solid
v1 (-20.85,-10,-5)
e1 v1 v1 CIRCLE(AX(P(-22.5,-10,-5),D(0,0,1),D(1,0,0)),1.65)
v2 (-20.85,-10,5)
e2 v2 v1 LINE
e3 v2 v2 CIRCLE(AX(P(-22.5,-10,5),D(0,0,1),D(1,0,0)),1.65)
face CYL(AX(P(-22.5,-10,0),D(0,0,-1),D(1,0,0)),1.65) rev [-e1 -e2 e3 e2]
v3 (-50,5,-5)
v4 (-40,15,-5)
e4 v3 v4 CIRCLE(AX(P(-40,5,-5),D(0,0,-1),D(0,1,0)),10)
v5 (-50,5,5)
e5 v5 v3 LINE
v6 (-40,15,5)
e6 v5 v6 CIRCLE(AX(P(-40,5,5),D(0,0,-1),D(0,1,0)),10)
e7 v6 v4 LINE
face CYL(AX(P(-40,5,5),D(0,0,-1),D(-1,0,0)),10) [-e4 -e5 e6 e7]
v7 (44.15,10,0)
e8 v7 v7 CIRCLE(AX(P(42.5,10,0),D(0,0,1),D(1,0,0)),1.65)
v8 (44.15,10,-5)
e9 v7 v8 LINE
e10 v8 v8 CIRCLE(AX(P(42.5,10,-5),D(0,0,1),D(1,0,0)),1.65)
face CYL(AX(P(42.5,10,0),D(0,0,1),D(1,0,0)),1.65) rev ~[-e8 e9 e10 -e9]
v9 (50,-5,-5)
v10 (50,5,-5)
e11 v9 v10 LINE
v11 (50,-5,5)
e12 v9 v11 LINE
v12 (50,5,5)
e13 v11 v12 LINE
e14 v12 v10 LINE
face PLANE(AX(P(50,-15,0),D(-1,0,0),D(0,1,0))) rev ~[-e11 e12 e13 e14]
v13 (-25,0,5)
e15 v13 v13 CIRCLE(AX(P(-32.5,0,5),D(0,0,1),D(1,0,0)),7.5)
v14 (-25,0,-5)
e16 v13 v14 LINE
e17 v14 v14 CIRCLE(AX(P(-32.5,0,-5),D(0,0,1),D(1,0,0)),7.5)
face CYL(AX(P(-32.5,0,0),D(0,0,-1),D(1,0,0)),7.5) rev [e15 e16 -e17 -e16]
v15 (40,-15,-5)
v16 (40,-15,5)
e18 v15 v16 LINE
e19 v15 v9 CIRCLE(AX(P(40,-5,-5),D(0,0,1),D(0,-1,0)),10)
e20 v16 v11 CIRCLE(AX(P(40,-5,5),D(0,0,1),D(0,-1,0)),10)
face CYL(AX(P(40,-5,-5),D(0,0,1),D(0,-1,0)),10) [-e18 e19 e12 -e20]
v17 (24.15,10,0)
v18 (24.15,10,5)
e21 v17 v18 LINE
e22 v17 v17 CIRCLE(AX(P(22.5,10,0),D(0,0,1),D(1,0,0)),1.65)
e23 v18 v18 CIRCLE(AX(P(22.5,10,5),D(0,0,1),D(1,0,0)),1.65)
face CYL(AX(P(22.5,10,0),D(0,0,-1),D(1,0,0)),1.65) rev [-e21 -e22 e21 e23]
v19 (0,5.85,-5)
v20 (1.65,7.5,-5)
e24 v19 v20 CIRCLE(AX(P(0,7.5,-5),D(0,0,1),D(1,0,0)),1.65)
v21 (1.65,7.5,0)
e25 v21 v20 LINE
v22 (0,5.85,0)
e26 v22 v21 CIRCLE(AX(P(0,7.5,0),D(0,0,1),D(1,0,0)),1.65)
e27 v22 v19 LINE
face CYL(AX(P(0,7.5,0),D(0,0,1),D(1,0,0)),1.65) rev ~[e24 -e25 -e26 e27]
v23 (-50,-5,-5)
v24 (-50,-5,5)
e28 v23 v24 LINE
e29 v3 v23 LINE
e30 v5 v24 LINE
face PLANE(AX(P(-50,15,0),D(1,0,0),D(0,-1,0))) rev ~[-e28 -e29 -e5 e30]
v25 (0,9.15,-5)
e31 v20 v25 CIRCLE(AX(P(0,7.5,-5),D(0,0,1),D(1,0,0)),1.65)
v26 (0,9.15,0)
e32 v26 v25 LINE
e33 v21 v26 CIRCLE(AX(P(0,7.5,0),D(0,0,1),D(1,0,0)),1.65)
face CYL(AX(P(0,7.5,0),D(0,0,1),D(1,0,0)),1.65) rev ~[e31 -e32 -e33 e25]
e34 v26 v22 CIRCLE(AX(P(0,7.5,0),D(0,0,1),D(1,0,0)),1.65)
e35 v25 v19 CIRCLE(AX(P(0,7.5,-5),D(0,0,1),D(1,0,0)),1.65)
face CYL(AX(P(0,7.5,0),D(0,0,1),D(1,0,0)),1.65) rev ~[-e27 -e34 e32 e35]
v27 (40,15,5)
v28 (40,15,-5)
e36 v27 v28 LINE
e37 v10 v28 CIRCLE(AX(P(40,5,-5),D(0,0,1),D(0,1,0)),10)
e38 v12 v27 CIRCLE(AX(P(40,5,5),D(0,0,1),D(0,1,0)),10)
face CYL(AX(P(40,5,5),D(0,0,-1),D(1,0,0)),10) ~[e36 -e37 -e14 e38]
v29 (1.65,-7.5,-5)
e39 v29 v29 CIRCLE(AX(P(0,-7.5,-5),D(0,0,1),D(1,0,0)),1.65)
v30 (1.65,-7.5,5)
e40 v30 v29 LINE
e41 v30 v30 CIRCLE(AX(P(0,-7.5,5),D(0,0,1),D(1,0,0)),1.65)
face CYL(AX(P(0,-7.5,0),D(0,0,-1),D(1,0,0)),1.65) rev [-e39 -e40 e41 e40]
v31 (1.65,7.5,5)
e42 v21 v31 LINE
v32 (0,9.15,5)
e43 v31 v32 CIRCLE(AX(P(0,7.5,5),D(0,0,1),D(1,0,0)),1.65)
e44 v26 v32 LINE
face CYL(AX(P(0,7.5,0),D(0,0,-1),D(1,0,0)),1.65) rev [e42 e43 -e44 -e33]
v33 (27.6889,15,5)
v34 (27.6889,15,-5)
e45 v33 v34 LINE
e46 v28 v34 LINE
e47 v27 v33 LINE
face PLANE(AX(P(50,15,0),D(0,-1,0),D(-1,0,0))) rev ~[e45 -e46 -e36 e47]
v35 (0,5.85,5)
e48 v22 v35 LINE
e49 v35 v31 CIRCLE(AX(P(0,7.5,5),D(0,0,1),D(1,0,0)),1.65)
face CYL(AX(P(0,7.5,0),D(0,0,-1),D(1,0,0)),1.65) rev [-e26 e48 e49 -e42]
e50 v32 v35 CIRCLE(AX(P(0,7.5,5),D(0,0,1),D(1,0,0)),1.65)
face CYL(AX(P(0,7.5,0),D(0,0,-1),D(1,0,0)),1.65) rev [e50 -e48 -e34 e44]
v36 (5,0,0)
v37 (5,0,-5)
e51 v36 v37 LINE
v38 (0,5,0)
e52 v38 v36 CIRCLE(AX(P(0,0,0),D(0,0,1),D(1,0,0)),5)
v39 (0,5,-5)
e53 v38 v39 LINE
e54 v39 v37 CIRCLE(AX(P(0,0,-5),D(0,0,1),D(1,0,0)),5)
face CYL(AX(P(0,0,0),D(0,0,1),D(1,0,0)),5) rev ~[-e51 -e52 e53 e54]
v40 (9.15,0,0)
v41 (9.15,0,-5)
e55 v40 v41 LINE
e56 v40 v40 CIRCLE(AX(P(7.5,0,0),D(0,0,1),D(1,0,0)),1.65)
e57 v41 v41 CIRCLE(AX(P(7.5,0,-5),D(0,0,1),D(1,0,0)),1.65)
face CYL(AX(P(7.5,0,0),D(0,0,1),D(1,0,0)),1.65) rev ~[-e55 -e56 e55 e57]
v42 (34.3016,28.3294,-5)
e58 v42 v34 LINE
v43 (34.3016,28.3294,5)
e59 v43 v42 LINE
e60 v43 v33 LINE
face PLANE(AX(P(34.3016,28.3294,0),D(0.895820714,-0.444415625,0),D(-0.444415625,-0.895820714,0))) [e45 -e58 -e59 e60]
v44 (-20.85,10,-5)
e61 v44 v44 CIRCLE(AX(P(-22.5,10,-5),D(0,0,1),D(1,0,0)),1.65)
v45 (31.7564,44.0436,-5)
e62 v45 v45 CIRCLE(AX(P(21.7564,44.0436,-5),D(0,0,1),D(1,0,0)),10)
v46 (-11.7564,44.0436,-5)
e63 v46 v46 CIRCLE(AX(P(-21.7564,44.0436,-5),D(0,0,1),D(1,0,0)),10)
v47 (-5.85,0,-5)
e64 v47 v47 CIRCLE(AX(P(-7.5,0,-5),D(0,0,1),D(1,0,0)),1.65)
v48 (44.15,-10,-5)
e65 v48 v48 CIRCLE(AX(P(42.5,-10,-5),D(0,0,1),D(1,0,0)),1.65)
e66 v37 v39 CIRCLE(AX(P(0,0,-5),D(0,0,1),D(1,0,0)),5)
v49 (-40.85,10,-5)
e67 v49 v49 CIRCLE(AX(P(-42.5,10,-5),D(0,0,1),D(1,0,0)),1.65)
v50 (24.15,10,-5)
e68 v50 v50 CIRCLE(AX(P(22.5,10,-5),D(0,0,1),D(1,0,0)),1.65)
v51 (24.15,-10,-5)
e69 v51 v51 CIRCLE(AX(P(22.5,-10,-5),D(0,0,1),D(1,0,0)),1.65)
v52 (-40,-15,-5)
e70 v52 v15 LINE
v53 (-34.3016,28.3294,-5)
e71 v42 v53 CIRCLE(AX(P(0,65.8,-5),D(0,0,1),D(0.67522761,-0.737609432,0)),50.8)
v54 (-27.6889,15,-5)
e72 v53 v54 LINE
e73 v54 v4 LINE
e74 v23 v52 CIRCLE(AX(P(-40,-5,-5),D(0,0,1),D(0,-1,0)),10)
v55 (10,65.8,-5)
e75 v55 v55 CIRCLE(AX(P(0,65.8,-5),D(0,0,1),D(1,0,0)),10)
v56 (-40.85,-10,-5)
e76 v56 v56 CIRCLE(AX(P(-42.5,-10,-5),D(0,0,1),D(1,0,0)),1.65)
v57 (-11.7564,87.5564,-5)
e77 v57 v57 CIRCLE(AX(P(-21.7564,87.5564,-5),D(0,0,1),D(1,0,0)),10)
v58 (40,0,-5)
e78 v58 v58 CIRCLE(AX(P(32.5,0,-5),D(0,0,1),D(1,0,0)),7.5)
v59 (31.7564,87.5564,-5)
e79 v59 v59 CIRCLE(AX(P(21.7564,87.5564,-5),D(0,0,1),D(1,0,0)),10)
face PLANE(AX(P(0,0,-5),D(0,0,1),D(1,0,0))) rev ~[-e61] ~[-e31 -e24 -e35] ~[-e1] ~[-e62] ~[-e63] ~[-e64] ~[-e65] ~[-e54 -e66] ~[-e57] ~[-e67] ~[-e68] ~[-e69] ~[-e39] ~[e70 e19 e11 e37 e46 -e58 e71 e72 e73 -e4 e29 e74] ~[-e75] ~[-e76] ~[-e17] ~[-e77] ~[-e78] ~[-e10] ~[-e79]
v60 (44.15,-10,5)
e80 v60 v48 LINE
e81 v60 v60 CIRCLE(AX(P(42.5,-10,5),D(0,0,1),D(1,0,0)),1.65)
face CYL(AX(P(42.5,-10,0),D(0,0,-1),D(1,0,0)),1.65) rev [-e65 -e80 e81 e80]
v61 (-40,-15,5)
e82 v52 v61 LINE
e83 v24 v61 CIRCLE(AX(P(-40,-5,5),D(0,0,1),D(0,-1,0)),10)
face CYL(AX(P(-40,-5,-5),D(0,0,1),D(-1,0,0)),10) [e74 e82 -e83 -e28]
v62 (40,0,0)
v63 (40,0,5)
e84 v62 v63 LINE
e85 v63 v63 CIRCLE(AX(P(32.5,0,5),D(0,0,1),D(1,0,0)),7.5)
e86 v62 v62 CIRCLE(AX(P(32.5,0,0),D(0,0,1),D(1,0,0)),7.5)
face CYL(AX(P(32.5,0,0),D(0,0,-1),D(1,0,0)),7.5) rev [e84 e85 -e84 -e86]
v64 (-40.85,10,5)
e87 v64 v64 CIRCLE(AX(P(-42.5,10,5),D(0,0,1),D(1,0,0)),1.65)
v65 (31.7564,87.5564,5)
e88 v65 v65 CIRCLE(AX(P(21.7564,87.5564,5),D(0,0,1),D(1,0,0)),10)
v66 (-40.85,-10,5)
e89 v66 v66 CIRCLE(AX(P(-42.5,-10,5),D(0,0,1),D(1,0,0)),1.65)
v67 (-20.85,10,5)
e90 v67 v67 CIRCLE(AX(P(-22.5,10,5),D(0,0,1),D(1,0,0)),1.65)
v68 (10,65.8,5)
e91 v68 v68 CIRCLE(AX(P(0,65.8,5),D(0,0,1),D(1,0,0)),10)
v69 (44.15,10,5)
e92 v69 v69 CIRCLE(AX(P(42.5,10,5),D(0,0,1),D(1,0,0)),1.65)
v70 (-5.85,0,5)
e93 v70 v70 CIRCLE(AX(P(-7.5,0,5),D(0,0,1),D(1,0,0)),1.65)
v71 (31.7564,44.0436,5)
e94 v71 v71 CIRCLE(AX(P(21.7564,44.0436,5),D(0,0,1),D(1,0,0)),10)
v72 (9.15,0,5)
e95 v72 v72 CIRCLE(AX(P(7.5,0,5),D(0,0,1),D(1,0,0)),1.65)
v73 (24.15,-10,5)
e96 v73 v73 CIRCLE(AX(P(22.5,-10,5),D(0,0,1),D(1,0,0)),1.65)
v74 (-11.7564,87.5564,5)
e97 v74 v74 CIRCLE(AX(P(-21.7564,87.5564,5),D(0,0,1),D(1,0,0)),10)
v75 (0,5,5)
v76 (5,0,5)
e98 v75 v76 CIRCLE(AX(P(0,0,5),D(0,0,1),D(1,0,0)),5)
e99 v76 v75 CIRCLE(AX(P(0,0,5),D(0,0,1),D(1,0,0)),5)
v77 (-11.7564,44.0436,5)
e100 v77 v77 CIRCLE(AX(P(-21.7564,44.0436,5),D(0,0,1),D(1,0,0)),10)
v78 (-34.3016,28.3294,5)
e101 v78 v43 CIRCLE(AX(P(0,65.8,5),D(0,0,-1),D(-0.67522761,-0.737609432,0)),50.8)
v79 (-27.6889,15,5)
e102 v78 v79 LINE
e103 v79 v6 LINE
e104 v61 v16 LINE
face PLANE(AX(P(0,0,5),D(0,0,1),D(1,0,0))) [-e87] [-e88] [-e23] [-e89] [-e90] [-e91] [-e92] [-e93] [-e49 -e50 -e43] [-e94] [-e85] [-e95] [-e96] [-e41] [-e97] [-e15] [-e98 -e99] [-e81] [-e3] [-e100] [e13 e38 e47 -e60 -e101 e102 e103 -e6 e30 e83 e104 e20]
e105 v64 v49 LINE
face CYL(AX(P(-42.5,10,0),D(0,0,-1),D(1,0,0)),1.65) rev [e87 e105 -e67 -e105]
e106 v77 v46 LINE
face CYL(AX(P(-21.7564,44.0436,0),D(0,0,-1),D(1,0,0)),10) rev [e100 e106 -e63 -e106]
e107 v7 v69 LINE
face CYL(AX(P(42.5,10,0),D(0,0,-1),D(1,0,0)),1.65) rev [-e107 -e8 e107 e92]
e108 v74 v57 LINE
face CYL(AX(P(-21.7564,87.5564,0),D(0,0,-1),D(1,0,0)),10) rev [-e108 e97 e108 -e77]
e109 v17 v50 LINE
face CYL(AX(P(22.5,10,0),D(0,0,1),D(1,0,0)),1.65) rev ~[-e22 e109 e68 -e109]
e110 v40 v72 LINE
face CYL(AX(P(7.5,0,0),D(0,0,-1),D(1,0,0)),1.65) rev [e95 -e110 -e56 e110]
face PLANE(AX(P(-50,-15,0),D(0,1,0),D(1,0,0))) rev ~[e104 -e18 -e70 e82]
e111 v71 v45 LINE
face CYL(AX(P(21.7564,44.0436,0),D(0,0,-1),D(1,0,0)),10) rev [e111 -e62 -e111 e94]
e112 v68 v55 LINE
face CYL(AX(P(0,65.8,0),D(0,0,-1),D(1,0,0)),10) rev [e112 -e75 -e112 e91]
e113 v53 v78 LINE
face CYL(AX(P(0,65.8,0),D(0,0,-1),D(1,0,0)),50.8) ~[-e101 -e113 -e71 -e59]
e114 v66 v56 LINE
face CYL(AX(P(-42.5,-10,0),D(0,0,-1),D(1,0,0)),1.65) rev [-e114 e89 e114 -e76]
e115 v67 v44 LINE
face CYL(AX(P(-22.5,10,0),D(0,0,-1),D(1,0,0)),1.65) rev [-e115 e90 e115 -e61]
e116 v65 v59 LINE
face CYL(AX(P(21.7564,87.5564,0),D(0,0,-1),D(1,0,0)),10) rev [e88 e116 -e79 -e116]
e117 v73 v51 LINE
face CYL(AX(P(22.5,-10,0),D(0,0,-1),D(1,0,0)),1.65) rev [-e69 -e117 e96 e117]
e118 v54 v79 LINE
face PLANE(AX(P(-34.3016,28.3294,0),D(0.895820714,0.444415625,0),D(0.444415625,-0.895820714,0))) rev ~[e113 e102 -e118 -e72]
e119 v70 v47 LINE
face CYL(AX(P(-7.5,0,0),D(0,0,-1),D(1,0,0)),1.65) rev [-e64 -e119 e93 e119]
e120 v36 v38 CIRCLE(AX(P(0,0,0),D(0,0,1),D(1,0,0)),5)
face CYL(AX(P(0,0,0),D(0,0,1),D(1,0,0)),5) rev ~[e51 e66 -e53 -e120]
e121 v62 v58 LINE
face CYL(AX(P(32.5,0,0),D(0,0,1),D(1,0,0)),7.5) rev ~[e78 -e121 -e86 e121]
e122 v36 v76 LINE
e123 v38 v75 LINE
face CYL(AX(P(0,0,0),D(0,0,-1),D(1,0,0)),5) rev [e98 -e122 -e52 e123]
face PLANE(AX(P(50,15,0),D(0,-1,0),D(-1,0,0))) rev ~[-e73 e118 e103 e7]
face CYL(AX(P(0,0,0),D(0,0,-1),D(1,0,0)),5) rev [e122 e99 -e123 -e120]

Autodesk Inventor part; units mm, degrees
ref_plane "YZ Plane" through (0, 0, 0) normal (1, 0, 0) x (0, 1, 0)
ref_plane "XZ Plane" through (0, 0, 0) normal (0, 1, 0) x (-1, 0, 0)
ref_plane "XY Plane" through (0, 0, 0) normal (0, 0, 1) x (1, 0, 0)
sketch "Sketch1" plane through (0, 0, 0) normal (0, 0, 1) x (1, 0, 0)
  line L0 (-50, -15) -> (50, -15)
  line L1 (50, -15) -> (50, 15)
  line L2 (50, 15) -> (-50, 15)
  line L3 (-50, 15) -> (-50, -15)
  line L4 (-50, -15) -> (50, 15) construction
  line L5 (50, -15) -> (-50, 15) construction
  line L6 (-42.5, 10) -> (-22.5, 10) construction
  line L7 (-22.5, 10) -> (-22.5, -10) construction
  line L8 (-22.5, -10) -> (-42.5, -10) construction
  line L9 (-42.5, -10) -> (-42.5, 10) construction
  line L10 (-42.5, 10) -> (-22.5, -10) construction
  line L11 (-22.5, 10) -> (-42.5, -10) construction
  line L12 (0, 0) -> (0, 8.2744) construction
  circle A0 centre (0, 0) radius 5
  circle A1 centre (-42.5, 10) radius 1.65
  circle A2 centre (-22.5, 10) radius 1.65
  circle A3 centre (-22.5, -10) radius 1.65
  circle A4 centre (-42.5, -10) radius 1.65
  circle A5 centre (-32.5, 0) radius 7.5
  line L13 (0, 0) -> (0, 9.2231)
  line L14 (42.5, 10) -> (22.5, 10) construction
  line L15 (22.5, 10) -> (22.5, -10) construction
  line L16 (22.5, -10) -> (42.5, -10) construction
  line L17 (42.5, -10) -> (42.5, 10) construction
  line L18 (42.5, 10) -> (22.5, -10) construction
  line L19 (22.5, 10) -> (42.5, -10) construction
  circle A6 centre (42.5, 10) radius 1.65
  circle A7 centre (22.5, 10) radius 1.65
  circle A8 centre (22.5, -10) radius 1.65
  circle A9 centre (42.5, -10) radius 1.65
  circle A10 centre (32.5, 0) radius 7.5
  circle A11 centre (0, 7.5) radius 1.65
  circle A12 centre (-7.5, 0) radius 1.65
  circle A13 centre (0, -7.5) radius 1.65
  circle A14 centre (7.5, 0) radius 1.65
  point P0 (-9.2231, 0)
  point P1 (0, -9.2231)
  point P2 (9.2231, 0)
  dimension "d0" = 10
  dimension "d1" = 3.3
  dimension "d2" = 32.5
  dimension "d3" = 20
  dimension "d4" = 20
  dimension "d5" = 15
  dimension "d6" = 3.3
  dimension "d7" = 7.5
  dimension "d10" = 360
  dimension "d12" = 30
  dimension "d13" = 100
extrude "Extrusion1" add sketch "Sketch1" along normal mid plane 10
sketch "Sketch2" plane through (0, 0, 0) normal (0, 0, 1) x (1, 0, 0)
  circle A0 centre (0, 65.8) radius 50.8
  line L0 (50, -15) -> (50, 15) projected
  line L1 (50, 15) -> (-50, 15) projected
  line L2 (-50, 15) -> (-50, -15) projected
  line L3 (-50, -15) -> (50, -15) projected
  circle A1 centre (0, 0) radius 5 projected
  circle A2 centre (7.5, 0) radius 1.65 projected
  circle A3 centre (-7.5, 0) radius 1.65 projected
  circle A4 centre (22.5, 10) radius 1.65 projected
  circle A5 centre (42.5, 10) radius 1.65 projected
  circle A6 centre (-42.5, 10) radius 1.65 projected
  circle A7 centre (-22.5, 10) radius 1.65 projected
  circle A8 centre (-22.5, -10) radius 1.65 projected
  circle A9 centre (-42.5, -10) radius 1.65 projected
  circle A10 centre (-32.5, 0) radius 7.5 projected
  circle A11 centre (22.5, -10) radius 1.65 projected
  circle A12 centre (32.5, 0) radius 7.5 projected
  circle A13 centre (42.5, -10) radius 1.65 projected
  circle A14 centre (0, 7.5) radius 1.65 projected
  circle A15 centre (0, -7.5) radius 1.65 projected
  line L4 (50, 15) -> (-50, 15) projected
  line L5 (-34.3016, 28.3294) -> (-27.6889, 15)
  line L6 (0, 15) -> (0, 36.3785)
  line L7 (34.3016, 28.3294) -> (27.6889, 15)
  circle A16 centre (-21.7564, 87.5564) radius 10
  circle A17 centre (-21.7564, 44.0436) radius 10
  circle A18 centre (21.7564, 44.0436) radius 10
  circle A19 centre (21.7564, 87.5564) radius 10
  line L8 (-21.7564, 44.0436) -> (21.7564, 44.0436) construction
  line L9 (21.7564, 44.0436) -> (21.7564, 87.5564) construction
  line L10 (21.7564, 87.5564) -> (-21.7564, 87.5564) construction
  line L11 (-21.7564, 87.5564) -> (-21.7564, 44.0436) construction
  line L12 (-21.7564, 44.0436) -> (21.7564, 87.5564) construction
  line L13 (21.7564, 44.0436) -> (-21.7564, 87.5564) construction
  circle A20 centre (0, 65.8) radius 10
  point P0 (-27.6889, 15)
  point P1 (27.6889, 15)
  dimension "d16" = 101.6
  dimension "d17" = 20
extrude "Extrusion2" add sketch "Sketch2" along normal mid plane 10 contours A0 | A0 L1 L5 | L7 L1 A0
fillet "Fillet1" radius 10 4 edges at (-50, -15, 0) (-50, 15, 0) (50, 15, 0) (50, -15, 0)
properties part number "APLASTADOR" material "Steel, Mild, Welded"
